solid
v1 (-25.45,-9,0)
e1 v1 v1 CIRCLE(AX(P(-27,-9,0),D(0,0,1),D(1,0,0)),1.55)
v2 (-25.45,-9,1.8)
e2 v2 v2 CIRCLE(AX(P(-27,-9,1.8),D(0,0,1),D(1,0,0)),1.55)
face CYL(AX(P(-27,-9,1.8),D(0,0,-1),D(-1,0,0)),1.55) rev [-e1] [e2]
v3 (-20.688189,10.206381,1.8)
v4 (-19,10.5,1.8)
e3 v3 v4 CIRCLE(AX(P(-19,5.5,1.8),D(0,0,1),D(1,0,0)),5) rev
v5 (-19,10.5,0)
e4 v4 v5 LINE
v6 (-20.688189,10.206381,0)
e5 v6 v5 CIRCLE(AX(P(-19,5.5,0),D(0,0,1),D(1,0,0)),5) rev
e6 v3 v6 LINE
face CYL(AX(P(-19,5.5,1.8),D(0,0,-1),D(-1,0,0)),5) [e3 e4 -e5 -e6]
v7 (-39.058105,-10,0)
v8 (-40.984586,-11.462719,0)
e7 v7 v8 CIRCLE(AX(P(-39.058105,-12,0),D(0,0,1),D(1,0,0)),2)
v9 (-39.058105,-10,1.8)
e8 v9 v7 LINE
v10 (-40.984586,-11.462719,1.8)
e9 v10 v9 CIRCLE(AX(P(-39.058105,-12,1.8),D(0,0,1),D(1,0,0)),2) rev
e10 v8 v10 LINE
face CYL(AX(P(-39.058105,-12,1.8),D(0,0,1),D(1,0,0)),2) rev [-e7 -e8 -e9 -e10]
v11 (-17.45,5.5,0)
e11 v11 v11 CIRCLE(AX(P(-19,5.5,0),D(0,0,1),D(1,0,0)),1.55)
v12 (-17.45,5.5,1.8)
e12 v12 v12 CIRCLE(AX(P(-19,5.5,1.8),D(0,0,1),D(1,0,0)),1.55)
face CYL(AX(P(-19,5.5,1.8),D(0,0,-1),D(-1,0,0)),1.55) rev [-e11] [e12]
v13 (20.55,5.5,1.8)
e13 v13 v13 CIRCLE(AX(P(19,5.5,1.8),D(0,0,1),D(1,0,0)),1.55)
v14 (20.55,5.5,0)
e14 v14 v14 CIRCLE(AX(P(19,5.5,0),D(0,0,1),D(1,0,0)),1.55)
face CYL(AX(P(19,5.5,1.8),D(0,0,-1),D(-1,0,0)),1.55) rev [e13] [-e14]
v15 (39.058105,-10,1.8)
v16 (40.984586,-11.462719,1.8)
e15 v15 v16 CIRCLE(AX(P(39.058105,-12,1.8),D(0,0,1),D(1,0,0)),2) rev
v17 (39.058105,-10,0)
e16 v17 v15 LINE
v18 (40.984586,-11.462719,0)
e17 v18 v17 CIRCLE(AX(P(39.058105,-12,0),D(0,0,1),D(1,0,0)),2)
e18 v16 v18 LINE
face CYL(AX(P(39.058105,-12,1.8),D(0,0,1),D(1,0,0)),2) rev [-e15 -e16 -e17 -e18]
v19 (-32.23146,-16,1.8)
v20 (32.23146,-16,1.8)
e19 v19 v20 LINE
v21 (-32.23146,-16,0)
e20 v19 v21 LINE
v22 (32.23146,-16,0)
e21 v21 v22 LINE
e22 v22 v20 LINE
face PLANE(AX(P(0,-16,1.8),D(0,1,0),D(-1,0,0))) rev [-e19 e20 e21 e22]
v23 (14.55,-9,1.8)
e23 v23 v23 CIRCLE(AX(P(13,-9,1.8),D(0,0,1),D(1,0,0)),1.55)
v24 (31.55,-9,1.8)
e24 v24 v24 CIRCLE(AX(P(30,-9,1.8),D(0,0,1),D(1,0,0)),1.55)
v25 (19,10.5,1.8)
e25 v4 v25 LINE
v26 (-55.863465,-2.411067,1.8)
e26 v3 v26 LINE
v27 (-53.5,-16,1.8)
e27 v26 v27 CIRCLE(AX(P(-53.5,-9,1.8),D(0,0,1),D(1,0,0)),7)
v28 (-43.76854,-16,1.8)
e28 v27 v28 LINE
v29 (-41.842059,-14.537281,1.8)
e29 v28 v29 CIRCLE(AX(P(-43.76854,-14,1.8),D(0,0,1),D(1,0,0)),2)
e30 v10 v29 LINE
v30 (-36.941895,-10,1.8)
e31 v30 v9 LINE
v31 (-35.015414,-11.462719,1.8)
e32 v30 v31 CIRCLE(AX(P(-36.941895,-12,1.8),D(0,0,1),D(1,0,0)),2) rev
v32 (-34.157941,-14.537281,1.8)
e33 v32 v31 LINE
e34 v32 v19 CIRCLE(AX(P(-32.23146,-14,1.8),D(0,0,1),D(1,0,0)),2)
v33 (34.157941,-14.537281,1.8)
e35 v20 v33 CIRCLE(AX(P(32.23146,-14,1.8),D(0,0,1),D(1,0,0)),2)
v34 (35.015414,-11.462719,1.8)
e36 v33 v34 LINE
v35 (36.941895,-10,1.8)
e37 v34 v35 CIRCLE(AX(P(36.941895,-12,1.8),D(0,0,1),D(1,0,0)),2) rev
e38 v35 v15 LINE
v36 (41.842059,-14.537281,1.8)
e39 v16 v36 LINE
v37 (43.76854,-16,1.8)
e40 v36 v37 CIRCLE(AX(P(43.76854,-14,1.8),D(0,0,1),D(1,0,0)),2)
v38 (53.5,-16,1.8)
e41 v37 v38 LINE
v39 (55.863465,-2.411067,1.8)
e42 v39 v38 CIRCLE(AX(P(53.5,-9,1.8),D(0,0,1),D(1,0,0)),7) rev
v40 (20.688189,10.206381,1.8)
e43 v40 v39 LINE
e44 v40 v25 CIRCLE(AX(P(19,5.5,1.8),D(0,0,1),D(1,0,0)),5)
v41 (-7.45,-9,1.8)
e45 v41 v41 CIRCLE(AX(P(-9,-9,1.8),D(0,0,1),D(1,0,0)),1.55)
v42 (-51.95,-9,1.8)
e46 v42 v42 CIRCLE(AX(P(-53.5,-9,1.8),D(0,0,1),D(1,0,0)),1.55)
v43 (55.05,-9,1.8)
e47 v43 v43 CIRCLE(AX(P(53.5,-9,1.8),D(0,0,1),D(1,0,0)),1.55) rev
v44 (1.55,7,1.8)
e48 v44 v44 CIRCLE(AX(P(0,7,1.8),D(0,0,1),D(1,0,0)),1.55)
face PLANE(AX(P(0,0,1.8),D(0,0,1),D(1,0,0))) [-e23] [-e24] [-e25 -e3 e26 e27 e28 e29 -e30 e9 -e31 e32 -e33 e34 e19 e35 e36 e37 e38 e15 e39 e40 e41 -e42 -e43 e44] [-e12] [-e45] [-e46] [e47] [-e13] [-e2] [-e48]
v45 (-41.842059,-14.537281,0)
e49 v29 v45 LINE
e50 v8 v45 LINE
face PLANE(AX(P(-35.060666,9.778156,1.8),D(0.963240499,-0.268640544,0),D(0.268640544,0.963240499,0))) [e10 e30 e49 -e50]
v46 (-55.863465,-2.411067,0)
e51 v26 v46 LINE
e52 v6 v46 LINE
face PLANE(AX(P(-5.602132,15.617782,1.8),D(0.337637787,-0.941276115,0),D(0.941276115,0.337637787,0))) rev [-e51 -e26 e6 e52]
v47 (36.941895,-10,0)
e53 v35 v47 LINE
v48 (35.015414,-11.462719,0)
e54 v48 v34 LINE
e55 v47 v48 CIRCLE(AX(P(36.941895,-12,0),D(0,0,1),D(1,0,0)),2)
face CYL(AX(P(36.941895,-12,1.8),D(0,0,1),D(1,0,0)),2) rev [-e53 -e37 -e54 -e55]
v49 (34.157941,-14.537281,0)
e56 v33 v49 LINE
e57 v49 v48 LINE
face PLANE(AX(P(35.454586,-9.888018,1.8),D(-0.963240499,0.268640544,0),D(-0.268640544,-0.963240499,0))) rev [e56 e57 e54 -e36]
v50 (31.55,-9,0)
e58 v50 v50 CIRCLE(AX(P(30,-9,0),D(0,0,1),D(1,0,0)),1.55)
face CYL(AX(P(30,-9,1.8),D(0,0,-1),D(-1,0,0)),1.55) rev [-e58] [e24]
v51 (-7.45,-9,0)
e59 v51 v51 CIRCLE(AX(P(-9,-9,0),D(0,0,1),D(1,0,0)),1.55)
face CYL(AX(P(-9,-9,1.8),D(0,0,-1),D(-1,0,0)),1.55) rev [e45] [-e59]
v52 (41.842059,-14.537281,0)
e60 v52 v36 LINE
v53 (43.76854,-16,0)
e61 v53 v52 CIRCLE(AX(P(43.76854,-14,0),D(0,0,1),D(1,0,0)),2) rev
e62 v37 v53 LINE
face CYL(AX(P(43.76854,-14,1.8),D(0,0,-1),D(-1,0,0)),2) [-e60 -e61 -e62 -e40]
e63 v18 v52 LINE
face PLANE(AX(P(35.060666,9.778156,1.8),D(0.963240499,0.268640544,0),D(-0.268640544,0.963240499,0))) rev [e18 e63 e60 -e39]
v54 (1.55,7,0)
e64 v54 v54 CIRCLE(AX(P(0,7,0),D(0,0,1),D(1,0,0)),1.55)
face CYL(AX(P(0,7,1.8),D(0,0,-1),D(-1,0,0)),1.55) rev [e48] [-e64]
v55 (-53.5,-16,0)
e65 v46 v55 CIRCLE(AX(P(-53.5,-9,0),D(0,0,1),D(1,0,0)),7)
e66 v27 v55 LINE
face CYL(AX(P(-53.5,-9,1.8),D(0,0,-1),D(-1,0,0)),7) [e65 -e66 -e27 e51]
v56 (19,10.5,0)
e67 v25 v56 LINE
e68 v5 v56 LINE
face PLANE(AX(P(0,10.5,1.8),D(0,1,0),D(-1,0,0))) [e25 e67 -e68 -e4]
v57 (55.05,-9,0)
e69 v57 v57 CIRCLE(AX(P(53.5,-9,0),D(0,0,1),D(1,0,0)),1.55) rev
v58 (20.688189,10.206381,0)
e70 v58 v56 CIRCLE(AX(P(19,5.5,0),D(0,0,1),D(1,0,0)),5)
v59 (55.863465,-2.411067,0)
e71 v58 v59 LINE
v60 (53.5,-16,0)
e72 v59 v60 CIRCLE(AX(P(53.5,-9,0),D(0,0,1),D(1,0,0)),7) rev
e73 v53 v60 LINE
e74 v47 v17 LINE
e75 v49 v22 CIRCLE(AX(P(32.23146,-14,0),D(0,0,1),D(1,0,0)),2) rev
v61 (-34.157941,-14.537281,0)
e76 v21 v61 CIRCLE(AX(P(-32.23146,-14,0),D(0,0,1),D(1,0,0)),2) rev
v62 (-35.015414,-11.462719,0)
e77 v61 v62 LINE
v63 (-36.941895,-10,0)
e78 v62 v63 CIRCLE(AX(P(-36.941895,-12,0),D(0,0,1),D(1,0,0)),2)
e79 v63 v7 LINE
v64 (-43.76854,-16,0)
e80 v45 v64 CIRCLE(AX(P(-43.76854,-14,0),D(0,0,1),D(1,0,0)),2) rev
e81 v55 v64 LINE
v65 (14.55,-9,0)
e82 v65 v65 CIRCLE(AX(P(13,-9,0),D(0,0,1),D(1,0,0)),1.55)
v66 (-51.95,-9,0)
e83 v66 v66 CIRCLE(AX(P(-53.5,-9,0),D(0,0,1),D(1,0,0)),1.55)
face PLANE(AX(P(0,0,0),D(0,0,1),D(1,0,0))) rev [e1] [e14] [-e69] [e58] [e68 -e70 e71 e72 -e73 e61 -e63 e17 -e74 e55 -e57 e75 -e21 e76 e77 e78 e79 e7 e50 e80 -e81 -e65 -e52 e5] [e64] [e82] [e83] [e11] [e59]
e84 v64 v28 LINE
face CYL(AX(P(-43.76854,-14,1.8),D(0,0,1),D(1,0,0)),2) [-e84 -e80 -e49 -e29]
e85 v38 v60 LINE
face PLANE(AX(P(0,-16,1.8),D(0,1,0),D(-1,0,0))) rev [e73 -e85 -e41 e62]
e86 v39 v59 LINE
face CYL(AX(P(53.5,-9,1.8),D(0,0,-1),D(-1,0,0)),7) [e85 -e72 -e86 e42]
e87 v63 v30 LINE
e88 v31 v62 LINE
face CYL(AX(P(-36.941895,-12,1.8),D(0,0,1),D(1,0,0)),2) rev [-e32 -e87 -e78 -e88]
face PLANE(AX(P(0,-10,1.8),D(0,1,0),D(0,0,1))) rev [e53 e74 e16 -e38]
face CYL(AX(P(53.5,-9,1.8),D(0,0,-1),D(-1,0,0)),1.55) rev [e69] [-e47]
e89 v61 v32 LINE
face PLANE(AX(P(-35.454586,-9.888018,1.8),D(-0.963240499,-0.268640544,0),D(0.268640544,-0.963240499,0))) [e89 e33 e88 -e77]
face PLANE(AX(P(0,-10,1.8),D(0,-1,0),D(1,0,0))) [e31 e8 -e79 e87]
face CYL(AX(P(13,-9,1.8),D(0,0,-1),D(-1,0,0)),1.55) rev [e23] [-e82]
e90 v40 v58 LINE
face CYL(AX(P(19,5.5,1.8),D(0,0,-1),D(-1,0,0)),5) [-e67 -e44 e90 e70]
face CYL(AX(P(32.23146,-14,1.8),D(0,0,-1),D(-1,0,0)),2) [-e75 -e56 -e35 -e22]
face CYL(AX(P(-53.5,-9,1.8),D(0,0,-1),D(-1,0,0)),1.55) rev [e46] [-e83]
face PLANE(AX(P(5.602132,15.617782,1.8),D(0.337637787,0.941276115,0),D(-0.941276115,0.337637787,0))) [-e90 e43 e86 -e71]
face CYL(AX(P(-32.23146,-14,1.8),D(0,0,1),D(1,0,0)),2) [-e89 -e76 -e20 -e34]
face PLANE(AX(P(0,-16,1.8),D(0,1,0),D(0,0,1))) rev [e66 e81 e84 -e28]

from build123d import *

# Parameters (mm, degrees)
SKETCH_1_R      = 1.55
EXTRUDE_1_DEPTH = 1.8
FILLET_1_R      = 2


with BuildPart() as part:
    # 草图1 → 凸台-拉伸1 (new body)
    with BuildSketch(Plane.XY):
        with BuildLine():
            Line((-19, 10.5), (19, 10.5))
            ThreePointArc((19, 10.5), (19.856766341, 10.426048258), (20.688188937, 10.206380575))
            Line((20.688188937, 10.206380575), (55.863464512, -2.411067196))
            ThreePointArc((55.863464512, -2.411067196), (60.396467561, -10.199472878), (53.5, -16))
            Line((53.5, -16), (42.25, -16))
            Line((42.25, -16), (40.57664504, -10))
            Line((40.57664504, -10), (35.42335496, -10))
            Line((35.42335496, -10), (33.75, -16))
            Line((33.75, -16), (-33.75, -16))
            Line((-33.75, -16), (-35.42335496, -10))
            Line((-35.42335496, -10), (-40.57664504, -10))
            Line((-40.57664504, -10), (-42.25, -16))
            Line((-42.25, -16), (-53.5, -16))
            ThreePointArc((-53.5, -16), (-60.396467561, -10.199472878), (-55.863464512, -2.411067196))
            Line((-55.863464512, -2.411067196), (-20.688188937, 10.206380575))
            ThreePointArc((-20.688188937, 10.206380575), (-19.856766341, 10.426048258), (-19, 10.5))
        make_face()
        with Locations((-27, -9)):
            Circle(SKETCH_1_R, mode=Mode.SUBTRACT)
        with Locations((-9, -9)):
            Circle(SKETCH_1_R, mode=Mode.SUBTRACT)
        with Locations((13, -9)):
            Circle(SKETCH_1_R, mode=Mode.SUBTRACT)
        with Locations((30, -9)):
            Circle(SKETCH_1_R, mode=Mode.SUBTRACT)
        with Locations((0, 7)):
            Circle(SKETCH_1_R, mode=Mode.SUBTRACT)
        with Locations((-53.5, -9)):
            Circle(SKETCH_1_R, mode=Mode.SUBTRACT)
        with Locations((53.5, -9)):
            Circle(SKETCH_1_R, mode=Mode.SUBTRACT)
        with Locations((-19, 5.5)):
            Circle(SKETCH_1_R, mode=Mode.SUBTRACT)
        with Locations((19, 5.5)):
            Circle(SKETCH_1_R, mode=Mode.SUBTRACT)
    extrude(amount=EXTRUDE_1_DEPTH)

    # 圆角1
    fillet_1_edges = [part.edges().sort_by_distance(p)[0] for p in [
        (42.25, -16, 0.9),
        (40.57664504, -10, 0.9),
        (35.42335496, -10, 0.9),
        (33.75, -16, 0.9),
        (-33.75, -16, 0.9),
        (-35.42335496, -10, 0.9),
        (-40.57664504, -10, 0.9),
        (-42.25, -16, 0.9),
    ]]
    fillet(fillet_1_edges, radius=FILLET_1_R)


solid = part.part
